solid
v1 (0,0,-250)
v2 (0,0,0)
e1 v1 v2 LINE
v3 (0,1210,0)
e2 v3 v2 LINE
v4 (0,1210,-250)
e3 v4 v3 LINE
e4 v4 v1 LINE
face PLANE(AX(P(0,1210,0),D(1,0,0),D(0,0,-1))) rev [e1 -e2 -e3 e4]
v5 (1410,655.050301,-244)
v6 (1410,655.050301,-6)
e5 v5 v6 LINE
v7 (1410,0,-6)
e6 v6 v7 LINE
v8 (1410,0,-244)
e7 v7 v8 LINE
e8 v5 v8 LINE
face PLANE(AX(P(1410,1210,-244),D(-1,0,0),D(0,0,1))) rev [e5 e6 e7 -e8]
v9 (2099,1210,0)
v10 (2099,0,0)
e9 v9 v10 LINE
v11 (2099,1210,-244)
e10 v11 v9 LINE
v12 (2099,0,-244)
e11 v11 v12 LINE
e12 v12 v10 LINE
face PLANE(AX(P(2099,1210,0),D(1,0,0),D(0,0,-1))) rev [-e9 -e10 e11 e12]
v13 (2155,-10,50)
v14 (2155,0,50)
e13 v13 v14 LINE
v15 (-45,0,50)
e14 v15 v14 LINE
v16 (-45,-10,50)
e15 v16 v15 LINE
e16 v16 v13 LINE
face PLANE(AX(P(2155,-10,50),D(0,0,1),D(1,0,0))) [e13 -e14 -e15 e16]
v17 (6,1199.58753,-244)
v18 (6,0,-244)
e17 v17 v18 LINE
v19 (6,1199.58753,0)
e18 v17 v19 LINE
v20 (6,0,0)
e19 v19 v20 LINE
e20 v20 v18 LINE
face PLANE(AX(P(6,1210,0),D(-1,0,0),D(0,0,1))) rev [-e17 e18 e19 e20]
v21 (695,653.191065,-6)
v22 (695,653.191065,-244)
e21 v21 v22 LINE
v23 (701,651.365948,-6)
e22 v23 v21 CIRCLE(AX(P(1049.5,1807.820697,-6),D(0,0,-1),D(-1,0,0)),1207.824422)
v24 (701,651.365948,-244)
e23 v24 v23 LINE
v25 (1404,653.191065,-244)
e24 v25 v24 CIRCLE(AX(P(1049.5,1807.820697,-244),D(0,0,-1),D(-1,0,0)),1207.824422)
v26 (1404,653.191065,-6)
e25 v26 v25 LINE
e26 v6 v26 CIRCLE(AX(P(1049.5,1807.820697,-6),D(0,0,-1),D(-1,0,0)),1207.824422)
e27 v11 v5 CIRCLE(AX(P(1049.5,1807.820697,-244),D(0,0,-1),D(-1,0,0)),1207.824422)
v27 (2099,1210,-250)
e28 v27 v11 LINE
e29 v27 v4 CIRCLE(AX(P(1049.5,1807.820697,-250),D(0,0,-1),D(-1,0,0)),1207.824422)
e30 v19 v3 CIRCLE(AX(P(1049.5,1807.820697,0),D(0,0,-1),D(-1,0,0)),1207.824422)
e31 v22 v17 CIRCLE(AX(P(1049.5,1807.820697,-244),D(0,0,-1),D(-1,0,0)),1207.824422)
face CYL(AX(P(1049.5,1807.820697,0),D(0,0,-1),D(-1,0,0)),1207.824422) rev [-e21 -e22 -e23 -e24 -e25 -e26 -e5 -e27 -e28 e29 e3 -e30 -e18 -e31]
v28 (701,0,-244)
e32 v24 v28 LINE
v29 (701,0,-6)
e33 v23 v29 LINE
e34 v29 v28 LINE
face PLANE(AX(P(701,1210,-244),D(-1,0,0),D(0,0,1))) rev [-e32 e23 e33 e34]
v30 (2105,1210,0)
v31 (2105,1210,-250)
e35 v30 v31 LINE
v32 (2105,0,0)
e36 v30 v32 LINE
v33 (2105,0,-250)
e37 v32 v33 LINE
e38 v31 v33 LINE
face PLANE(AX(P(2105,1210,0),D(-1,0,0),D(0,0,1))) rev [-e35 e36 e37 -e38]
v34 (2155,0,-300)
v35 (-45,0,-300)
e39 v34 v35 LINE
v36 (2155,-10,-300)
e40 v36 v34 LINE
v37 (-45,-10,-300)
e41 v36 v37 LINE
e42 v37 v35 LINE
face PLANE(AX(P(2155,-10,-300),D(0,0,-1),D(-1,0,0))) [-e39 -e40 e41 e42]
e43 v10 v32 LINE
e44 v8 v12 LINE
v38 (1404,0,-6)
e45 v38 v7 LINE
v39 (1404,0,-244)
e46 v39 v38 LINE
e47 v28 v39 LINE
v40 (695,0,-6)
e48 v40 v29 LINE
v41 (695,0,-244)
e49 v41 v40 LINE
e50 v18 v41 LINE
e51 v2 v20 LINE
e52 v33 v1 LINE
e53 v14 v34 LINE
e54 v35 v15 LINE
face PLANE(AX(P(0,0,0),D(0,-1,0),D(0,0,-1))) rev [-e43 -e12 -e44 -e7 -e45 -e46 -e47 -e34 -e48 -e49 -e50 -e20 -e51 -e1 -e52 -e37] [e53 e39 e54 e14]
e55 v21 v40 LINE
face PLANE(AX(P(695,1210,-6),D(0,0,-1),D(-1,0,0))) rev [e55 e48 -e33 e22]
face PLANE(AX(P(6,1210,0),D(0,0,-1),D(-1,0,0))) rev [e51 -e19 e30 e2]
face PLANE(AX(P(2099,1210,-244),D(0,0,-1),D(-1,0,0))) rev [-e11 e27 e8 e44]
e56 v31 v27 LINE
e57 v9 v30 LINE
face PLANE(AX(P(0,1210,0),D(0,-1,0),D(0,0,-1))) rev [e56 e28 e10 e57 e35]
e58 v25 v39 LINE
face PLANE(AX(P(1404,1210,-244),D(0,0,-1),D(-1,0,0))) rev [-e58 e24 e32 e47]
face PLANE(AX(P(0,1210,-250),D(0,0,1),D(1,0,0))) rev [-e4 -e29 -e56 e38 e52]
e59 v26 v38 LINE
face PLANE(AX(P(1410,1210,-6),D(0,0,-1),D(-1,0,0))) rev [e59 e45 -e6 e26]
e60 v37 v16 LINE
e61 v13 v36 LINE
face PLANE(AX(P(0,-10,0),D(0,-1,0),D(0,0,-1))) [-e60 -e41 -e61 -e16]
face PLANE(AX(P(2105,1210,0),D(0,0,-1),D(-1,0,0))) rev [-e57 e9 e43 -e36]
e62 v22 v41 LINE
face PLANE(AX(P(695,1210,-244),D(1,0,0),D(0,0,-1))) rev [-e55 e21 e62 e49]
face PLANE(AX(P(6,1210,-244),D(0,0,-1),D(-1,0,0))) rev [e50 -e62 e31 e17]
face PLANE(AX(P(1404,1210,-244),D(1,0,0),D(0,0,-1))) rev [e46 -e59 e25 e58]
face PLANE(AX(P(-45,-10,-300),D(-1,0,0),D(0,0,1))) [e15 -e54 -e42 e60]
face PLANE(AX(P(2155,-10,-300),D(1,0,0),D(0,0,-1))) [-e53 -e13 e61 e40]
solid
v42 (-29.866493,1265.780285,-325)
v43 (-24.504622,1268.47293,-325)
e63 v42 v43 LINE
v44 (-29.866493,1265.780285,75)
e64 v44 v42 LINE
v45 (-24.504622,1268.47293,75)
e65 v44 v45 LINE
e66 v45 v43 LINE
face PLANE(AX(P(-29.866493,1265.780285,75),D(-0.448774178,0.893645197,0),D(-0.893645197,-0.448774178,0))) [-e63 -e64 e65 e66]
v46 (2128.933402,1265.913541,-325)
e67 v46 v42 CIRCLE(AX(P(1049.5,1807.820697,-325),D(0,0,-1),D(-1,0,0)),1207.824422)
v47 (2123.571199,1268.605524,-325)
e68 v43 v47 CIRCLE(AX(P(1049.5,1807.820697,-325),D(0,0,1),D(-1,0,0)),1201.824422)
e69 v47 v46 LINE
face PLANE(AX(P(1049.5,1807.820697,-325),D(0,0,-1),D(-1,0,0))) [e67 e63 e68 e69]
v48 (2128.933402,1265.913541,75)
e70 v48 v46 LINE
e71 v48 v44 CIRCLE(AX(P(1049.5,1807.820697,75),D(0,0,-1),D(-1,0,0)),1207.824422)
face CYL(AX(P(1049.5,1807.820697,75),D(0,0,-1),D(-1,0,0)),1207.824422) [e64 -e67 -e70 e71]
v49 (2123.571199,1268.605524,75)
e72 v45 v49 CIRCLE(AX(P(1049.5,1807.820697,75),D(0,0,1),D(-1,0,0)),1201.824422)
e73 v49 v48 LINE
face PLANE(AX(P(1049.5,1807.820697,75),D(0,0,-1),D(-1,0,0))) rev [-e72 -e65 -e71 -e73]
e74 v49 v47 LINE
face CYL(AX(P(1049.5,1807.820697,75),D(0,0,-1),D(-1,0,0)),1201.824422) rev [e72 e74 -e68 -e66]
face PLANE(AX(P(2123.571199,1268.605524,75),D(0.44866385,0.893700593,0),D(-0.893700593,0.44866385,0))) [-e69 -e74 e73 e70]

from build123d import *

# Parameters (mm, degrees)
BOSS_EXTRUDE1_DEPTH  = 1210
CUT_EXTRUDE1_DEPTH   = 2441.824655726
SKETCH4_W            = 2200
SKETCH4_H            = 350
BOSS_EXTRUDE2_DEPTH  = 10
BOSS_EXTRUDE14_START = 75
BOSS_EXTRUDE14_DEPTH = 400


with BuildPart() as part:
    # Sketch2 → Boss-Extrude1 (new body)
    with BuildSketch(Plane(origin=(0, 0, 0), x_dir=(1, 0, 0), z_dir=(0, 1, 0))):
        Polygon((0, 0), (0, 250), (1052.5, 250), (2105, 250), (2105, 0), (2099, 0), (2099, 244), (1410, 244), (1410, 6), (1404, 6), (1404, 244), (1052.5, 244), (701, 244), (701, 6), (695, 6), (695, 244), (6, 244), (6, 0), align=None)
    extrude(amount=BOSS_EXTRUDE1_DEPTH)

    # Sketch3 → Cut-Extrude1 (cut, through all)
    with BuildSketch(Plane(origin=(0, 0, -250), x_dir=(-1, 0, 0), z_dir=(0, 0, -1))):
        with BuildLine():
            Line((0, 1210), (-2099, 1210))
            ThreePointArc((-2099, 1210), (-1049.5, 599.996274287), (0, 1210))
        make_face()
    extrude(amount=-CUT_EXTRUDE1_DEPTH, mode=Mode.SUBTRACT)

    # Sketch4 → Boss-Extrude2 (add)
    with BuildSketch(Plane(origin=(0, 0, 0), x_dir=(1, 0, 0), z_dir=(0, 1, 0))):
        with Locations((1055, 125)):
            Rectangle(SKETCH4_W, SKETCH4_H)
    extrude(amount=-BOSS_EXTRUDE2_DEPTH)


with BuildPart() as body_2:
    # Sketch10 → Boss-Extrude14 (new body)
    with BuildSketch(Plane(origin=(0, 0, -250), x_dir=(-1, 0, 0), z_dir=(0, 0, -1)).offset(BOSS_EXTRUDE14_START)):
        with BuildLine():
            Line((29.866493343, 1265.780284504), (24.504622164, 1268.472929571))
            ThreePointArc((24.504622164, 1268.472929571), (-1049.574185027, 605.996276577), (-2123.571198629, 1268.605523867))
            Line((-2123.571198629, 1268.605523867), (-2128.933402185, 1265.913540765))
            ThreePointArc((-2128.933402185, 1265.913540765), (-1049.574555389, 599.996276588), (29.866493343, 1265.780284504))
        make_face()
    extrude(amount=-BOSS_EXTRUDE14_DEPTH)


solid = Compound([part.part, body_2.part])
